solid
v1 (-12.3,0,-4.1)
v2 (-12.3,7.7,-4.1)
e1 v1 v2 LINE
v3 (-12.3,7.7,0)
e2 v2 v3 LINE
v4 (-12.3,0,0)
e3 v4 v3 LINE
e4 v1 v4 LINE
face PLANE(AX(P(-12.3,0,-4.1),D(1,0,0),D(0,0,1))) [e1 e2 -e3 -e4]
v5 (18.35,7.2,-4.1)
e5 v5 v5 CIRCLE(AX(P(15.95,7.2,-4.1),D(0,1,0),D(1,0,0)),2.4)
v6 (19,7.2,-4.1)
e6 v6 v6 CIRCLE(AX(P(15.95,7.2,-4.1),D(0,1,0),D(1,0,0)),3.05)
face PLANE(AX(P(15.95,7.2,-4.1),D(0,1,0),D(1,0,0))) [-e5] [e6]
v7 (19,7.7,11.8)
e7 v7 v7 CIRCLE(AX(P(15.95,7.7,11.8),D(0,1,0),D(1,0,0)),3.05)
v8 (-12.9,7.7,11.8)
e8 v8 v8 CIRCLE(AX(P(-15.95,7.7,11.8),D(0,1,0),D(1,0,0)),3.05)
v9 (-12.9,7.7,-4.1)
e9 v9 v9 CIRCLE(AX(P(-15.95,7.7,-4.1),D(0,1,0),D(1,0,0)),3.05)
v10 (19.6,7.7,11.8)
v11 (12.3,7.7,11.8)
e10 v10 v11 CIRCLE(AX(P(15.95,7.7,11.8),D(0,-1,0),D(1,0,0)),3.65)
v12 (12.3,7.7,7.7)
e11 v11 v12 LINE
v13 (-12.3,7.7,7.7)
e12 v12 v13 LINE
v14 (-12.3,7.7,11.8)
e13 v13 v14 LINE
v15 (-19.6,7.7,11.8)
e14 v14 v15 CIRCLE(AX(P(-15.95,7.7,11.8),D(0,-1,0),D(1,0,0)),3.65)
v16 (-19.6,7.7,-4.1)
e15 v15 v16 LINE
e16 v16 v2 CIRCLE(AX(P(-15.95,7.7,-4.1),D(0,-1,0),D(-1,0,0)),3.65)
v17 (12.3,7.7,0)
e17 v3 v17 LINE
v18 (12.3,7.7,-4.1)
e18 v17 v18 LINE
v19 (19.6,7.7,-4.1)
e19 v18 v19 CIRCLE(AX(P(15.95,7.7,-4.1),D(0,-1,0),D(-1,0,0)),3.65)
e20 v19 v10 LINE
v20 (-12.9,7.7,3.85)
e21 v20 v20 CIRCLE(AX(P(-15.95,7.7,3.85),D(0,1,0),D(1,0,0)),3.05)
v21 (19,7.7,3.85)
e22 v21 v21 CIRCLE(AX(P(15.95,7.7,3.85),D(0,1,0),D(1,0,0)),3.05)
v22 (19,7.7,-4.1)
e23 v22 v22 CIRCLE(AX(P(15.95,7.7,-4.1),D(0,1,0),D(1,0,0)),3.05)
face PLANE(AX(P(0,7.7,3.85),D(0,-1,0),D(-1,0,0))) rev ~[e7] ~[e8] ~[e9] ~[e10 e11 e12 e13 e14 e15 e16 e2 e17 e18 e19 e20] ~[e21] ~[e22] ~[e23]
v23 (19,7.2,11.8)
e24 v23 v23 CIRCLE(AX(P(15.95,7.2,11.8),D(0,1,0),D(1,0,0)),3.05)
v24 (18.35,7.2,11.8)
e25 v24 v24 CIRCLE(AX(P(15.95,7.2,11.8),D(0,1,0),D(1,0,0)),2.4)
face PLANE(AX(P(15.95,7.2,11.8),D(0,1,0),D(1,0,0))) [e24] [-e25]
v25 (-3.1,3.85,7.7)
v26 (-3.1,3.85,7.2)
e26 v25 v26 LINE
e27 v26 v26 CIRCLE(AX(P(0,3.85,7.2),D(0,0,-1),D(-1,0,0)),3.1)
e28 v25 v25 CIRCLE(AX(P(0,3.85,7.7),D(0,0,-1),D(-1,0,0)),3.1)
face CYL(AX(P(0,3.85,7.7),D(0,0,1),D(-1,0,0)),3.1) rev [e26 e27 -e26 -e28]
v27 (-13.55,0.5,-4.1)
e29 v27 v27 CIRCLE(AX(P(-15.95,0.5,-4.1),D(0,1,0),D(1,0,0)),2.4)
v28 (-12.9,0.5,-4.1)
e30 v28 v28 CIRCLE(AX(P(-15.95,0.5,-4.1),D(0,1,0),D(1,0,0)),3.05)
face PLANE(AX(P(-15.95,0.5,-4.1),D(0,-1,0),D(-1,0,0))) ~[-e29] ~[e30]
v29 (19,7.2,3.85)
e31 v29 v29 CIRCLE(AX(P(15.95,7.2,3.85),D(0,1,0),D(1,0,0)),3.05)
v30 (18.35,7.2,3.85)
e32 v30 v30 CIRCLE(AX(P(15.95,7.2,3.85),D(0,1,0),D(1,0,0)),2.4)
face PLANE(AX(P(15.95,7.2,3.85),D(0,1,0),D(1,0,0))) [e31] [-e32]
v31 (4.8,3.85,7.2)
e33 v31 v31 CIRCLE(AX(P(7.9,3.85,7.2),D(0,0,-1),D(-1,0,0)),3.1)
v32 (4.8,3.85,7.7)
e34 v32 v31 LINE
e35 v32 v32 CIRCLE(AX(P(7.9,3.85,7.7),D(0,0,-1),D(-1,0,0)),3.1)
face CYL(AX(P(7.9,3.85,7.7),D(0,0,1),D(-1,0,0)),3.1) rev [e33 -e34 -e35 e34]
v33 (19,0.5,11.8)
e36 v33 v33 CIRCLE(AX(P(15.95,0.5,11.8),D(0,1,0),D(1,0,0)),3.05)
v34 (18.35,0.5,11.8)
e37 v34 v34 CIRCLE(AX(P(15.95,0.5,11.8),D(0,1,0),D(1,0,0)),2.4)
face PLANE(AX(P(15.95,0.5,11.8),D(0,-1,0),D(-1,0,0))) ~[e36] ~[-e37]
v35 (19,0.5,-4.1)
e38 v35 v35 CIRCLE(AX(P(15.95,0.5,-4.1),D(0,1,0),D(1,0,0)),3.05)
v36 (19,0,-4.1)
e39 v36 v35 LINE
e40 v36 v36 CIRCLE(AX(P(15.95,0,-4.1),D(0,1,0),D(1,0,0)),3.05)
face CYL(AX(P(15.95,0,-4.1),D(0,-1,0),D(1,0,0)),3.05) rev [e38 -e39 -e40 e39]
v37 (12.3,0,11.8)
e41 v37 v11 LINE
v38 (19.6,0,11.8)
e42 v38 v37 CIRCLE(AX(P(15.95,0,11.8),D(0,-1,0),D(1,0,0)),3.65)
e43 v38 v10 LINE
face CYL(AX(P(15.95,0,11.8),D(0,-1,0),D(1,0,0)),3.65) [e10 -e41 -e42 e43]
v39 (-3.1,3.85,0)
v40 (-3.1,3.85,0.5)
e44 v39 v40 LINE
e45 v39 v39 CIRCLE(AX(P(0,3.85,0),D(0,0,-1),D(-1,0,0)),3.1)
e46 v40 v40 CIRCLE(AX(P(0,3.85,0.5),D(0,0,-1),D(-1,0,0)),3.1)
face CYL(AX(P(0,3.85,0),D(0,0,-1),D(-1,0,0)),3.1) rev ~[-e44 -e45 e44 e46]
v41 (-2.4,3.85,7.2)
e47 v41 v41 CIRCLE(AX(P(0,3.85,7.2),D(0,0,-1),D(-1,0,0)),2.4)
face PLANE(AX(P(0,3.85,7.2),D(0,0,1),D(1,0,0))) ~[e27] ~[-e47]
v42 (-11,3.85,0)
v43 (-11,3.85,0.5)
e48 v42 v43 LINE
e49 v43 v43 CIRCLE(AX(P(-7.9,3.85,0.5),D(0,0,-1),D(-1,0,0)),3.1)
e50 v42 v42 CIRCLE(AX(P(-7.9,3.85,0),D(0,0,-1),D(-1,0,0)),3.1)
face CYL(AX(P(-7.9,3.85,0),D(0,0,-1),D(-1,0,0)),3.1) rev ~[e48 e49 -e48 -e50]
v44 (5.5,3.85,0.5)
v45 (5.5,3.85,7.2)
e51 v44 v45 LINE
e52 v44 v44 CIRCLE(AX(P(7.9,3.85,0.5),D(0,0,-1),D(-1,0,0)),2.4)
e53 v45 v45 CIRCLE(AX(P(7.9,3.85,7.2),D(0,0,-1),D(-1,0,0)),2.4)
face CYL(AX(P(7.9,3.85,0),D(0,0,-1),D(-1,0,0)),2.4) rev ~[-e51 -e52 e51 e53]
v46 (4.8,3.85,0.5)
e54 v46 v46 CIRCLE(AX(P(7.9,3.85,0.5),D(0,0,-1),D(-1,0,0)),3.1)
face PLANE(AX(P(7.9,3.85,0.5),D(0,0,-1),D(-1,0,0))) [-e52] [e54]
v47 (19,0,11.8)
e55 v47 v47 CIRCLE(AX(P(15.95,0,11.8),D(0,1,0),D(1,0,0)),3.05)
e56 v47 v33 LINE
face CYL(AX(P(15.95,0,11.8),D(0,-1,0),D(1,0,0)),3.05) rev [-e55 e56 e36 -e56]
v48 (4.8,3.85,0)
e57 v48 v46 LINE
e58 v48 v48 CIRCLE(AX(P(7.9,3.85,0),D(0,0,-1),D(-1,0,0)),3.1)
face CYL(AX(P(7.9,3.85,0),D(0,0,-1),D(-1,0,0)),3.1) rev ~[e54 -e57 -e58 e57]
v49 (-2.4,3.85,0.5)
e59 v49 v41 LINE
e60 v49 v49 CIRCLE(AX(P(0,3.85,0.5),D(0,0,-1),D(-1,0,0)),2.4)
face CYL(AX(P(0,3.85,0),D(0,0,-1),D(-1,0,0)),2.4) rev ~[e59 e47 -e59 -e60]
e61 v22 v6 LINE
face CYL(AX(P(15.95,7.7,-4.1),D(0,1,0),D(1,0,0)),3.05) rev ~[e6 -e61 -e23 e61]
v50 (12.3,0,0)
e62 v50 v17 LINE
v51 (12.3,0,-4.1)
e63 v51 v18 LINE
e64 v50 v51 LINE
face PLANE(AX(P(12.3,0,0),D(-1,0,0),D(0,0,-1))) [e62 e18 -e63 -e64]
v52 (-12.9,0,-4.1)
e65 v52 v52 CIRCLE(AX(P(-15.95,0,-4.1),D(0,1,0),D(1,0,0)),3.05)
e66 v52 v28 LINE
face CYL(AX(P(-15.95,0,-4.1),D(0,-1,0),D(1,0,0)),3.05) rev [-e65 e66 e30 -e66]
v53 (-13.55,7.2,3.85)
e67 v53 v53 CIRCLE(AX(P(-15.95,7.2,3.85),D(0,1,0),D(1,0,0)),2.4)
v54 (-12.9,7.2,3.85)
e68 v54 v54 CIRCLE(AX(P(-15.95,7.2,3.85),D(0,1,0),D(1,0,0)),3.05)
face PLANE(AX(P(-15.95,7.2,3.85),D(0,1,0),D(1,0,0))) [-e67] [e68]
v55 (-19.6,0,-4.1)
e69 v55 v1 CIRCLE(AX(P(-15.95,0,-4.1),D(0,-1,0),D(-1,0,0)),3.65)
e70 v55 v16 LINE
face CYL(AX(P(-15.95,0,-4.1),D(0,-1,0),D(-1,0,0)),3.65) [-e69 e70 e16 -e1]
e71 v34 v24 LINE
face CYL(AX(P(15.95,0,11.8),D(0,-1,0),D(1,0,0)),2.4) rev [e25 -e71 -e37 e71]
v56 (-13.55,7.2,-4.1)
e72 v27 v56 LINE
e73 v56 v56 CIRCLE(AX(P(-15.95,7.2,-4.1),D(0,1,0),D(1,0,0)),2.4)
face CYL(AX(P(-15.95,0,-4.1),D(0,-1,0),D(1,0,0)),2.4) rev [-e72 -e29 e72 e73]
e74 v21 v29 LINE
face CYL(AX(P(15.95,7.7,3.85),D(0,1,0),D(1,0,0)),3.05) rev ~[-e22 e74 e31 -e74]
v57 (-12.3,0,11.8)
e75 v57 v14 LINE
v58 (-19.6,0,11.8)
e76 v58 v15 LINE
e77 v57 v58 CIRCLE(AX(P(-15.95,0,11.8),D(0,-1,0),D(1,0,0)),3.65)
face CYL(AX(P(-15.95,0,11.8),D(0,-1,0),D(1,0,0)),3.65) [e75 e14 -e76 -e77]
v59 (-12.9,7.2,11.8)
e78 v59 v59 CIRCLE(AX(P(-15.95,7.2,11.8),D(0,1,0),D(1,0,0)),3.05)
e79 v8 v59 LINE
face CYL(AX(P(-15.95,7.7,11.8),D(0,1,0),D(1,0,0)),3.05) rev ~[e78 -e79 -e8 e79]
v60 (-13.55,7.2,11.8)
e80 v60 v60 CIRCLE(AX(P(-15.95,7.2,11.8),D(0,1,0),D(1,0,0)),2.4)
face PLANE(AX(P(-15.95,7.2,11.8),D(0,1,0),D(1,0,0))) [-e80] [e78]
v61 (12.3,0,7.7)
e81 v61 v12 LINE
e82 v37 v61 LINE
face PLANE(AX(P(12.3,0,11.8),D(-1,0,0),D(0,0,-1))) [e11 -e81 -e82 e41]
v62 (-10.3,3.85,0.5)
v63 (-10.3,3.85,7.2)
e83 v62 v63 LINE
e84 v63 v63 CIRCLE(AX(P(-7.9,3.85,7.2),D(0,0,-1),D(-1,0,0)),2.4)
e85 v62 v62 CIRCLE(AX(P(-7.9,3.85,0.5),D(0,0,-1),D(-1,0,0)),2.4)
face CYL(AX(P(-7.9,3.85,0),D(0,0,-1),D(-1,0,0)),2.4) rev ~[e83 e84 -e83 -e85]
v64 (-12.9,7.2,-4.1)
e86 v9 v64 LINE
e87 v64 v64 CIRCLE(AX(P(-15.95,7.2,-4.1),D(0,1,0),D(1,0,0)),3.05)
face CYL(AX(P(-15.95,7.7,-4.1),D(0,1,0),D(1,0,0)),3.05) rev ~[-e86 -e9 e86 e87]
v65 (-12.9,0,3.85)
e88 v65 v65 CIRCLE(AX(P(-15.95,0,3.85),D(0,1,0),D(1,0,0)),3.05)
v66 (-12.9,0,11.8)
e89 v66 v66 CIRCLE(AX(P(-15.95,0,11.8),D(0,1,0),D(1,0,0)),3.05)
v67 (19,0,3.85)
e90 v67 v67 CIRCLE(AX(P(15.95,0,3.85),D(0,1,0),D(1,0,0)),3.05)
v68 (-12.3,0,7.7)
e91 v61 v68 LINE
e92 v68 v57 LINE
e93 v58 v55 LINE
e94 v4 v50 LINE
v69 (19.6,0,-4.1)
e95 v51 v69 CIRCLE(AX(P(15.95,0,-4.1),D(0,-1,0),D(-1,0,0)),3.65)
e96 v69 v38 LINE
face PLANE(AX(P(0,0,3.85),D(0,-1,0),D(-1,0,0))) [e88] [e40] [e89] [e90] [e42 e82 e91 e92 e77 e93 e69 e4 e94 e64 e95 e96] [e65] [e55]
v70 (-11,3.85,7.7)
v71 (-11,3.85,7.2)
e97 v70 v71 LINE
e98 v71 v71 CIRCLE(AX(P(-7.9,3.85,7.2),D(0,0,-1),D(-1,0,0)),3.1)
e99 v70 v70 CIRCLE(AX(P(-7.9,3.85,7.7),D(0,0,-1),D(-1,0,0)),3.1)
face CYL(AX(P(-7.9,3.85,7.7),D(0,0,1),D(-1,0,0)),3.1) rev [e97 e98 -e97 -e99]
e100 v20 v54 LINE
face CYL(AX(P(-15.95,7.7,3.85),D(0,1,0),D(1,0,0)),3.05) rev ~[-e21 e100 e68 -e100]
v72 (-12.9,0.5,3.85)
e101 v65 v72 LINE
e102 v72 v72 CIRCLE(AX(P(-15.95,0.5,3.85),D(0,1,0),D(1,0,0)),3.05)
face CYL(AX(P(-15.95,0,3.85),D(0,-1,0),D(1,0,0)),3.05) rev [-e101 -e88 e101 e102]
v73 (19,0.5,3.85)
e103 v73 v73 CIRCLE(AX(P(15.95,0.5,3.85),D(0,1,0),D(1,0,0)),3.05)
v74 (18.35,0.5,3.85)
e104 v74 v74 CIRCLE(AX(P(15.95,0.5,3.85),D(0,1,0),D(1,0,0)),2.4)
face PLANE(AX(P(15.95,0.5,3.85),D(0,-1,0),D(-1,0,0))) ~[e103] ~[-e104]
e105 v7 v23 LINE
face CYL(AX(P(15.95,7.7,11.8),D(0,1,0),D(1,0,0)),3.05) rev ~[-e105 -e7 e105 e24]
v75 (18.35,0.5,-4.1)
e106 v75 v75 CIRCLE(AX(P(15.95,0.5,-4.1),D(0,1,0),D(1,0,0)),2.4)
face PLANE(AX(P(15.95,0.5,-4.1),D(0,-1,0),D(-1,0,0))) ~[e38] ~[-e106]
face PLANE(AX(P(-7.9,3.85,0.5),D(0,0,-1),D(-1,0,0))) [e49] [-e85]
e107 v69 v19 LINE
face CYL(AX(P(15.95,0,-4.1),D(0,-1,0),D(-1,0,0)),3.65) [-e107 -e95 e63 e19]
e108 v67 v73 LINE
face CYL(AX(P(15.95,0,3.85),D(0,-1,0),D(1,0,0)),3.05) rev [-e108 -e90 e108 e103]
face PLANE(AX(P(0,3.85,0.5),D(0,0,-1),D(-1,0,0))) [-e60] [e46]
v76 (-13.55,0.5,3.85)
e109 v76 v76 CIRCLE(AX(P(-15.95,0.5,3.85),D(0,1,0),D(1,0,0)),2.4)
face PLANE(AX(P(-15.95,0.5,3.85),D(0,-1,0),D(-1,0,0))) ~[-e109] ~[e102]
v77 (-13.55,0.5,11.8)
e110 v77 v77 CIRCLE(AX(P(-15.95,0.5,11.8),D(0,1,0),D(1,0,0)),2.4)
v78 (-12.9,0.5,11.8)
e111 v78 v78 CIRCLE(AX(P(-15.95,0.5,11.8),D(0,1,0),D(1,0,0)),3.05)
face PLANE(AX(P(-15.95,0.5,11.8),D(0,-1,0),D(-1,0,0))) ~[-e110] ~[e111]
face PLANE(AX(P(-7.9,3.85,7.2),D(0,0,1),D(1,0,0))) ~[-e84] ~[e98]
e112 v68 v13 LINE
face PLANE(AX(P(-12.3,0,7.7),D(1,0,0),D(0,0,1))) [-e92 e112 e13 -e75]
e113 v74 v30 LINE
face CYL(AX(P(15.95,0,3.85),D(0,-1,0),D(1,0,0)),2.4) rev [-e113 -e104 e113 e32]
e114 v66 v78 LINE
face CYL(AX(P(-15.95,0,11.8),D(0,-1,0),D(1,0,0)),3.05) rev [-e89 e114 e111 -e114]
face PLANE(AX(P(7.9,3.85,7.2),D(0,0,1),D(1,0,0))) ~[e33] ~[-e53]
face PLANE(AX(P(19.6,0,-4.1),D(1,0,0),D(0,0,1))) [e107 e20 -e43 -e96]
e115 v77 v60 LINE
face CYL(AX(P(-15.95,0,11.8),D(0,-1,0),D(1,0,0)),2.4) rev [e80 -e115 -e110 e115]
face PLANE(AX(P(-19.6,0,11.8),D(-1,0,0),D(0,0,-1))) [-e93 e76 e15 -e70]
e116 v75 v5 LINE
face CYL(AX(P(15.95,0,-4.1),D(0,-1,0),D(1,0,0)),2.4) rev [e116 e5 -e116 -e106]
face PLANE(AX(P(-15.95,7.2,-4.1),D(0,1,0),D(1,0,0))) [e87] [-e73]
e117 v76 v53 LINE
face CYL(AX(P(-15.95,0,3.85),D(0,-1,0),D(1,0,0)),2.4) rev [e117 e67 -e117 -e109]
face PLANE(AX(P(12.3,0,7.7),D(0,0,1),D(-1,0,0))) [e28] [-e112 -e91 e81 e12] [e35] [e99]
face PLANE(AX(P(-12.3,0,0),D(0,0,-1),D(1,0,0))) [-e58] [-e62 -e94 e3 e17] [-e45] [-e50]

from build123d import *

# Parameters (mm, degrees)
SKETCH1_R           = 2.4
BOSS_EXTRUDE2_DEPTH = 7.7
SKETCH2_R           = 3.05
SKETCH2_R_2         = 2.4
CUT_EXTRUDE3_DEPTH  = 0.5
SKETCH3_R           = 2.4
CUT_EXTRUDE4_DEPTH  = 16.45
SKETCH4_R           = 3.1
SKETCH4_R_2         = 2.4
CUT_EXTRUDE6_DEPTH  = 0.5


with BuildPart() as part:
    # Sketch1 → Boss-Extrude2 (new body)
    with BuildSketch(Plane(origin=(0, 0, 0), x_dir=(1, 0, 0), z_dir=(0, 1, 0))):
        with BuildLine():
            Line((19.6, 4.1), (19.6, -11.8))
            ThreePointArc((19.6, -11.8), (15.95, -15.45), (12.3, -11.8))
            Line((12.3, -11.8), (12.3, -7.7))
            Line((12.3, -7.7), (-12.3, -7.7))
            Line((-12.3, -7.7), (-12.3, -11.8))
            ThreePointArc((-12.3, -11.8), (-15.95, -15.45), (-19.6, -11.8))
            Line((-19.6, -11.8), (-19.6, 4.1))
            ThreePointArc((-19.6, 4.1), (-15.95, 7.75), (-12.3, 4.1))
            Line((-12.3, 4.1), (-12.3, 0))
            Line((-12.3, 0), (12.3, 0))
            Line((12.3, 0), (12.3, 4.1))
            ThreePointArc((12.3, 4.1), (15.95, 7.75), (19.6, 4.1))
        make_face()
        with Locations((15.95, 4.1)):
            Circle(SKETCH1_R, mode=Mode.SUBTRACT)
        with Locations((15.95, -3.85)):
            Circle(SKETCH1_R, mode=Mode.SUBTRACT)
        with Locations((15.95, -11.8)):
            Circle(SKETCH1_R, mode=Mode.SUBTRACT)
        with Locations((-15.95, -11.8)):
            Circle(SKETCH1_R, mode=Mode.SUBTRACT)
        with Locations((-15.95, -3.85)):
            Circle(SKETCH1_R, mode=Mode.SUBTRACT)
        with Locations((-15.95, 4.1)):
            Circle(SKETCH1_R, mode=Mode.SUBTRACT)
    extrude(amount=BOSS_EXTRUDE2_DEPTH)

    # Sketch2 → Cut-Extrude3 (cut)
    with BuildSketch(Plane(origin=(0, 7.7, 0), x_dir=(1, 0, 0), z_dir=(0, 1, 0))):
        with Locations((-15.95, 4.1)):
            Circle(SKETCH2_R)
        with Locations((-15.95, 4.1)):
            Circle(SKETCH2_R_2, mode=Mode.SUBTRACT)
        with Locations((-15.95, -3.85)):
            Circle(SKETCH2_R)
        with Locations((-15.95, -3.85)):
            Circle(SKETCH2_R_2, mode=Mode.SUBTRACT)
        with Locations((-15.95, -11.8)):
            Circle(SKETCH2_R)
        with Locations((-15.95, -11.8)):
            Circle(SKETCH2_R_2, mode=Mode.SUBTRACT)
        with Locations((15.95, -3.85)):
            Circle(SKETCH2_R)
        with Locations((15.95, -3.85)):
            Circle(SKETCH2_R_2, mode=Mode.SUBTRACT)
        with Locations((15.95, 4.1)):
            Circle(SKETCH2_R)
        with Locations((15.95, 4.1)):
            Circle(SKETCH2_R_2, mode=Mode.SUBTRACT)
        with Locations((15.95, -11.8)):
            Circle(SKETCH2_R)
        with Locations((15.95, -11.8)):
            Circle(SKETCH2_R_2, mode=Mode.SUBTRACT)
    cut_extrude3 = extrude(amount=-CUT_EXTRUDE3_DEPTH, mode=Mode.SUBTRACT)

    # Sketch3 → Cut-Extrude4 (cut, through all)
    with BuildSketch(Plane(origin=(0, 0, 0), x_dir=(-1, 0, 0), z_dir=(0, 0, -1))):
        with Locations((7.9, 3.85)):
            Circle(SKETCH3_R)
        with Locations((0, 3.85)):
            Circle(SKETCH3_R)
        with Locations((-7.9, 3.85)):
            Circle(SKETCH3_R)
    extrude(amount=-CUT_EXTRUDE4_DEPTH, mode=Mode.SUBTRACT)

    # Sketch4 → Cut-Extrude6 (cut)
    with BuildSketch(Plane(origin=(0, 0, 0), x_dir=(-1, 0, 0), z_dir=(0, 0, -1))):
        with Locations((-7.9, 3.85)):
            Circle(SKETCH4_R)
        with Locations((-7.9, 3.85)):
            Circle(SKETCH4_R_2, mode=Mode.SUBTRACT)
        with Locations((0, 3.85)):
            Circle(SKETCH4_R)
        with Locations((0, 3.85)):
            Circle(SKETCH4_R_2, mode=Mode.SUBTRACT)
        with Locations((7.9, 3.85)):
            Circle(SKETCH4_R)
        with Locations((7.9, 3.85)):
            Circle(SKETCH4_R_2, mode=Mode.SUBTRACT)
    cut_extrude6 = extrude(amount=-CUT_EXTRUDE6_DEPTH, mode=Mode.SUBTRACT)

    # Mirror1: Cut-Extrude6 across plane
    add(cut_extrude6.mirror(Plane(origin=(0, 0, 3.85), x_dir=(1, 0, 0), z_dir=(0, 0, -1))), mode=Mode.SUBTRACT)

    # Mirror2: Cut-Extrude3 across plane
    add(cut_extrude3.mirror(Plane.ZX.offset(3.85)), mode=Mode.SUBTRACT)


solid = part.part
